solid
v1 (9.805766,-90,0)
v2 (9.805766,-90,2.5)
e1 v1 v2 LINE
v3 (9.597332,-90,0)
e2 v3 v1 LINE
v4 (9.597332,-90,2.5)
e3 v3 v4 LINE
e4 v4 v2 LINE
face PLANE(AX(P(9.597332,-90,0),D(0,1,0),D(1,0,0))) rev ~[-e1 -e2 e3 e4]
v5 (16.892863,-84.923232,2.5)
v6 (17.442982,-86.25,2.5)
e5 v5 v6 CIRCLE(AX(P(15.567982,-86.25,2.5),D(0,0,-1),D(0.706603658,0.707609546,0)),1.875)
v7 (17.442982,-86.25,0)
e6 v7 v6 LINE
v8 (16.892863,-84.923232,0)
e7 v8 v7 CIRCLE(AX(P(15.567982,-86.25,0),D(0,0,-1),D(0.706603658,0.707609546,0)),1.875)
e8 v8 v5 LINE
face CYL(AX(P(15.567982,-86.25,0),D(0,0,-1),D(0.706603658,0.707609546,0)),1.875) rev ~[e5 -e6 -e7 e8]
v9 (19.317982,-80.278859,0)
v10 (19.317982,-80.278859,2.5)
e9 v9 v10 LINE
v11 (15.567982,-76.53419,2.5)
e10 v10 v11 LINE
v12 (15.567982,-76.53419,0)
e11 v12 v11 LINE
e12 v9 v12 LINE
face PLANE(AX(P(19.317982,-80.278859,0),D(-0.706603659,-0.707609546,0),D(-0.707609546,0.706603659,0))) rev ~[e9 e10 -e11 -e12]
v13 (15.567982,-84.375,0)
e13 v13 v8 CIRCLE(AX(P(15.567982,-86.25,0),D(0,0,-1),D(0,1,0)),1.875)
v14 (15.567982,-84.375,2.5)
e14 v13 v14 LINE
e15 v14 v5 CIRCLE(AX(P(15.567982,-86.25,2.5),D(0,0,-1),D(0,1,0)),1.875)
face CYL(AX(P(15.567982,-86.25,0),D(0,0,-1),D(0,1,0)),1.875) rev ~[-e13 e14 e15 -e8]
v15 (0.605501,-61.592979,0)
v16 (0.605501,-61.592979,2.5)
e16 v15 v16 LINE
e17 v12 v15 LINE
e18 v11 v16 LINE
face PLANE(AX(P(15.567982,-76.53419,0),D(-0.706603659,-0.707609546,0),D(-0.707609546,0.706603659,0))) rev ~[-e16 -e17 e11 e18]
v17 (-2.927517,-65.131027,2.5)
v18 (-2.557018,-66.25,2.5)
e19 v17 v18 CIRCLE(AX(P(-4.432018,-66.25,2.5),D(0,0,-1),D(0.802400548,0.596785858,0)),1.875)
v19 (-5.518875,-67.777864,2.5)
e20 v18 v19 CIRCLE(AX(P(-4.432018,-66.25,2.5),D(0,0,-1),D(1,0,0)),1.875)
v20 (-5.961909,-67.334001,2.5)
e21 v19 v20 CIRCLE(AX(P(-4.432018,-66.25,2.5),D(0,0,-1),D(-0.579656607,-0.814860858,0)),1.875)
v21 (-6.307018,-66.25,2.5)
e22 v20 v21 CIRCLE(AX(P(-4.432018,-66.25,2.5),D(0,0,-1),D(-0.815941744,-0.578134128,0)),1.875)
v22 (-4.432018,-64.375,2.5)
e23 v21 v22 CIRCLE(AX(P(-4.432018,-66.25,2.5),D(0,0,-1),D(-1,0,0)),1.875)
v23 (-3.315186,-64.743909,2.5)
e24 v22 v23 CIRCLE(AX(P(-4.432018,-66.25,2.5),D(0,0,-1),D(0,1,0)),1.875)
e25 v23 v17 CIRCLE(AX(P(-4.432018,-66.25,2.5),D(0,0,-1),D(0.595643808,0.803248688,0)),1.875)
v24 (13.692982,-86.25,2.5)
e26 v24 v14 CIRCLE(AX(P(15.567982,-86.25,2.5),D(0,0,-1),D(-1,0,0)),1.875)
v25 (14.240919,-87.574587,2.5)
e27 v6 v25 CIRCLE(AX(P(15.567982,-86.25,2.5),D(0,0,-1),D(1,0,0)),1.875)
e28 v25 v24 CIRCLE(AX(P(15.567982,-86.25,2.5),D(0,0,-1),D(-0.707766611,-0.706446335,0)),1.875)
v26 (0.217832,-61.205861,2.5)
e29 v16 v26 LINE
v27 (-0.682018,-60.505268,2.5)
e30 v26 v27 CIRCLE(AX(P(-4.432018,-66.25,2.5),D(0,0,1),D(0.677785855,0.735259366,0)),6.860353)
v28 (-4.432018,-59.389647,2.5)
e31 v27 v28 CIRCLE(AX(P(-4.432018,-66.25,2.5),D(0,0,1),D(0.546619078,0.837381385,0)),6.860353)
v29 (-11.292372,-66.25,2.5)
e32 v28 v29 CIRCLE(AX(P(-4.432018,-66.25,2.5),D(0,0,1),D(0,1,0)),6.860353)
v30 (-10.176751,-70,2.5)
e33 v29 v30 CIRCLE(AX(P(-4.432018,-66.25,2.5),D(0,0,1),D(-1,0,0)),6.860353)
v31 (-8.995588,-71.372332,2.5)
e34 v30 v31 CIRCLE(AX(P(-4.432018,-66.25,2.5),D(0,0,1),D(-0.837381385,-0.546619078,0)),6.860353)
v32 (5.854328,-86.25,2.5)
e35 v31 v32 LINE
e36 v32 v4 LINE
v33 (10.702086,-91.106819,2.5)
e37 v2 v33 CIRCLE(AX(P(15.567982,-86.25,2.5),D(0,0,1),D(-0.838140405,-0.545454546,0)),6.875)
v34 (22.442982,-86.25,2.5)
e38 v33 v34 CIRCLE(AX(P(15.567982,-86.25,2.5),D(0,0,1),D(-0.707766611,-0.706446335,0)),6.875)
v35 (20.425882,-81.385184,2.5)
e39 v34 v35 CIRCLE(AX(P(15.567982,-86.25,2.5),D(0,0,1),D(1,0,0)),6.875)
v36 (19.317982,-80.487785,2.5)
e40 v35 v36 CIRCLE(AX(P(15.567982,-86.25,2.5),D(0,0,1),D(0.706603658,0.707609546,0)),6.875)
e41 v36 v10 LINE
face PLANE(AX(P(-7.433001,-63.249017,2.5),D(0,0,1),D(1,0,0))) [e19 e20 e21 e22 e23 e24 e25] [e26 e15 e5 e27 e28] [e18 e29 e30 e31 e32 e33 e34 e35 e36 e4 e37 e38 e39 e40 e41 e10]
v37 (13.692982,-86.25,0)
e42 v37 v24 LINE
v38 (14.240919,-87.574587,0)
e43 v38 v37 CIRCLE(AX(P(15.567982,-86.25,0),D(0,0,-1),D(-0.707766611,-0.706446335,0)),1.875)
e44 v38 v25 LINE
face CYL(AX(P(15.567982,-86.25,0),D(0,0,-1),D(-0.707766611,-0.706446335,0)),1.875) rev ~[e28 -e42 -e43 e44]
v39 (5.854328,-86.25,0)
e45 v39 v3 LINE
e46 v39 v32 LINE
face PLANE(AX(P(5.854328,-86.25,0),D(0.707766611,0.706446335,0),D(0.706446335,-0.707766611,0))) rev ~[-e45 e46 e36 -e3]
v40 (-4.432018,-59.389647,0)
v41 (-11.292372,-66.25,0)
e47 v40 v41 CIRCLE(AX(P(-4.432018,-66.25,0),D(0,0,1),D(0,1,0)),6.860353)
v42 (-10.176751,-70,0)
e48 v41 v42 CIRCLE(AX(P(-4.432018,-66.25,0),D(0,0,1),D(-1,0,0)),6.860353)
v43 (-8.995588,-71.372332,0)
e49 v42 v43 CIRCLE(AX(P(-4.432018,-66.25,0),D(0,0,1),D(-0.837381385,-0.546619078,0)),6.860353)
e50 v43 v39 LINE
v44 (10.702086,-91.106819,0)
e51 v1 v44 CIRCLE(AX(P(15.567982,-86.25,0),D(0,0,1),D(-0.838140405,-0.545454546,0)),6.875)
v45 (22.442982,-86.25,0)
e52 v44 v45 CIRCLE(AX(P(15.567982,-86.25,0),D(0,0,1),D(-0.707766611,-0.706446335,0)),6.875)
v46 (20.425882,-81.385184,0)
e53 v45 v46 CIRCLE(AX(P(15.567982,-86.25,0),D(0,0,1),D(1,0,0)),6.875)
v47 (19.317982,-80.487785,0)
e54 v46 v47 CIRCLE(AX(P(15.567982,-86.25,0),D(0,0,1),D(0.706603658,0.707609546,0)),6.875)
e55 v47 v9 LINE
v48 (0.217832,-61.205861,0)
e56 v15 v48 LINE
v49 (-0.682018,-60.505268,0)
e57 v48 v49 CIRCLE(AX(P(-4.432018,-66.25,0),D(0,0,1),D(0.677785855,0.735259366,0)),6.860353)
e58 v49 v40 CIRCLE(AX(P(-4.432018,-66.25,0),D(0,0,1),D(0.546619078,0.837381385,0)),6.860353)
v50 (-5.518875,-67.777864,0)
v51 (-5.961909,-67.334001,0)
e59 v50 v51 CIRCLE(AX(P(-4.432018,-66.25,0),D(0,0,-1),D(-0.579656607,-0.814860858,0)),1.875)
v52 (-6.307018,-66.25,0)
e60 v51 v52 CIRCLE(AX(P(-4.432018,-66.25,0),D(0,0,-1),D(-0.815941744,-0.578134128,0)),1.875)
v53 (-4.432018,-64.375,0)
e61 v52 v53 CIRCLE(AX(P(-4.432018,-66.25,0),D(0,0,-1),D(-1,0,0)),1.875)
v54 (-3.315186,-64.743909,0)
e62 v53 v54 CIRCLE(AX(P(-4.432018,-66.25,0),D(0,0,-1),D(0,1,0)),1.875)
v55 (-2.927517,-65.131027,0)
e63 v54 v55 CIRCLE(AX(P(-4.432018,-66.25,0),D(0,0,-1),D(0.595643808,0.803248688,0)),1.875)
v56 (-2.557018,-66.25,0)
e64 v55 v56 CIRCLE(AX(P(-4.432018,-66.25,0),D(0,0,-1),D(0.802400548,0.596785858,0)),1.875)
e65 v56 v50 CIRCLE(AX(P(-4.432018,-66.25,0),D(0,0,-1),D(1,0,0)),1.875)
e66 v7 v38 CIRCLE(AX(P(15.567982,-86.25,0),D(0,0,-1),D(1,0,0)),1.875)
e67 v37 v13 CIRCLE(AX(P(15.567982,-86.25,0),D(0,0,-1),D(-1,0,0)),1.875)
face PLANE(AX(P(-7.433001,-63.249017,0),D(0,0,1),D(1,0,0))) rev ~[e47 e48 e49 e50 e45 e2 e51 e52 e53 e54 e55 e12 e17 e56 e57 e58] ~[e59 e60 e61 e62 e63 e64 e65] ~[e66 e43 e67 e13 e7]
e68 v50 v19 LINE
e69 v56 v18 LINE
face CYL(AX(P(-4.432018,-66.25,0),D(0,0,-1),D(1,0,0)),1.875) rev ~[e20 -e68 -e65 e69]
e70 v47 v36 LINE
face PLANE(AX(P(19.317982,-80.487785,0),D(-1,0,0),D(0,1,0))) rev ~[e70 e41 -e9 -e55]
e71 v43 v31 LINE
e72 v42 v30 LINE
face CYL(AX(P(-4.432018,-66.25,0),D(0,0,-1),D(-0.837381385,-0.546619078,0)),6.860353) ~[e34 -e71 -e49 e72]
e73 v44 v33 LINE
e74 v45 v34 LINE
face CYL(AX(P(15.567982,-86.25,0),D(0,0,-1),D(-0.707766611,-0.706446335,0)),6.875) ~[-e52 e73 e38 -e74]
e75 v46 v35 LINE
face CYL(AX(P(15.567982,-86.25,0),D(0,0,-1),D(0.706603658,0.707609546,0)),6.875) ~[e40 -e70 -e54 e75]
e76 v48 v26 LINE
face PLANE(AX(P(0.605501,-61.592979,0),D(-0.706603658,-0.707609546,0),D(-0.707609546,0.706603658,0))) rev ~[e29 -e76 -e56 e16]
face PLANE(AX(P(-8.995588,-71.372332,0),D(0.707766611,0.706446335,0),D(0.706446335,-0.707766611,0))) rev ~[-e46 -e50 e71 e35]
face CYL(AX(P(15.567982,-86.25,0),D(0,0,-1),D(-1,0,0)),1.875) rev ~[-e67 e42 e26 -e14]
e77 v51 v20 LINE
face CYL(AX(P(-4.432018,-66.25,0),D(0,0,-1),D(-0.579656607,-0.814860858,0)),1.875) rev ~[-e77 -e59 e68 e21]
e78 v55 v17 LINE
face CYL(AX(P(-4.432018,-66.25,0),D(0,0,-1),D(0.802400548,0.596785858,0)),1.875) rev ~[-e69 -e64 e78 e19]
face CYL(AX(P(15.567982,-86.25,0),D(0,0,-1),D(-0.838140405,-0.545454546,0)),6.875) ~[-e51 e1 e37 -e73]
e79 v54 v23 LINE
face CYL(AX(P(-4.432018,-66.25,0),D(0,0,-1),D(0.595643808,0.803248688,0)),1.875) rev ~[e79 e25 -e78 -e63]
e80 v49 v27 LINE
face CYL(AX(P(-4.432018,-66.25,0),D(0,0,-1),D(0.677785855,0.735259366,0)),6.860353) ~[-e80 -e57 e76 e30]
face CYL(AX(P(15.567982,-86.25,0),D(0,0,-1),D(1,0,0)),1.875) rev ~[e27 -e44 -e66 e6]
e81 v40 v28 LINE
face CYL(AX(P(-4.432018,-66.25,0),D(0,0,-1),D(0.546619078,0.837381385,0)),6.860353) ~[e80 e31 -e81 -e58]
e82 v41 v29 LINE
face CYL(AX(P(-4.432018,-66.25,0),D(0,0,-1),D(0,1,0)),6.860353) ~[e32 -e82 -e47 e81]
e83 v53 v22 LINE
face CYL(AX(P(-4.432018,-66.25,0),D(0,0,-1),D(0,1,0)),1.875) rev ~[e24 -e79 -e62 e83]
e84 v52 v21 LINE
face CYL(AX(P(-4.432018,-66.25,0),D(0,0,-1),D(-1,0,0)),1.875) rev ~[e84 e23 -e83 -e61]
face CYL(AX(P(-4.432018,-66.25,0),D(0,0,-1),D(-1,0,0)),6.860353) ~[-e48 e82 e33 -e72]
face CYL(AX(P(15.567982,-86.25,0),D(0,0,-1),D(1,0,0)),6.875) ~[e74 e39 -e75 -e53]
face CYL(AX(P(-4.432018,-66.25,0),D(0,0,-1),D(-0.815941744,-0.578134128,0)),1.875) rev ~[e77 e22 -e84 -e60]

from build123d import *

# Parameters (mm, degrees)
F1_DEPTH = 2.5


with BuildPart() as f1:
    # F0 (on Top) → F1 (new body)
    with BuildSketch(Plane.XY):
        with BuildLine():
            ThreePointArc((-4.432018362, -59.389646693), (-9.2830207067, -61.3989976553), (-11.2923716689, -66.25))
            Line((-11.2923716689, -66.25), (-6.307018362, -66.25))
            ThreePointArc((-6.307018362, -66.25), (-5.7578435767, -64.9241747853), (-4.432018362, -64.375))
            Line((-4.432018362, -64.375), (-4.432018362, -59.389646693))
        make_face()
        with BuildLine():
            ThreePointArc((-11.2923716689, -66.25), (-11.0075540706, -68.2062151314), (-10.1767505138, -70))
            Line((-10.1767505138, -70), (-3.300883806, -70))
            Line((-3.300883806, -70), (-5.5188745002, -67.7778641088))
            ThreePointArc((-5.5188745002, -67.7778641088), (-5.7590807574, -67.5745868785), (-5.961909132, -67.3340014907))
            ThreePointArc((-5.961909132, -67.3340014907), (-6.2186590917, -66.8188056813), (-6.307018362, -66.25))
            Line((-6.307018362, -66.25), (-11.2923716689, -66.25))
        make_face()
        with BuildLine():
            Line((-3.300883806, -70), (-10.1767505138, -70))
            ThreePointArc((-10.1767505138, -70), (-9.6316427271, -70.7253049011), (-8.9955877088, -71.3723317262))
            ThreePointArc((-8.9955877088, -71.3723317262), (-5.1719813551, -73.0703300701), (-1.073184401, -72.2318627466))
            Line((-1.073184401, -72.2318627466), (-3.300883806, -70))
        make_face()
        with BuildLine():
            Line((-5.5188745002, -67.7778641088), (-3.300883806, -70))
            Line((-3.300883806, -70), (-0.682018362, -70))
            Line((-0.682018362, -70), (-0.682018362, -67.3733334464))
            Line((-0.682018362, -67.3733334464), (-2.9275173343, -65.1310265161))
            ThreePointArc((-2.9275173343, -65.1310265161), (-2.6520514484, -65.6606420557), (-2.557018362, -66.25))
            ThreePointArc((-2.557018362, -66.25), (-3.5724342355, -67.9163553431), (-5.5188745002, -67.7778641088))
        make_face()
        with BuildLine():
            ThreePointArc((-0.682018362, -60.5052678482), (-2.4758032306, -59.6744642913), (-4.432018362, -59.389646693))
            Line((-4.432018362, -59.389646693), (-4.432018362, -64.375))
            ThreePointArc((-4.432018362, -64.375), (-3.8439266036, -64.4696143441), (-3.3151862223, -64.7439087107))
            ThreePointArc((-3.3151862223, -64.7439087107), (-3.1071365022, -64.9232321011), (-2.9275173343, -65.1310265161))
            Line((-2.9275173343, -65.1310265161), (-0.682018362, -67.3733334464))
            Line((-0.682018362, -67.3733334464), (-0.682018362, -60.5052678482))
        make_face()
        with BuildLine():
            Line((-0.682018362, -60.5052678482), (-0.682018362, -67.3733334464))
            Line((-0.682018362, -67.3733334464), (1.5522932658, -69.6044689353))
            ThreePointArc((1.5522932658, -69.6044689353), (2.2057124085, -67.9834871547), (2.428334945, -66.25))
            ThreePointArc((2.428334945, -66.25), (1.9563934061, -63.7494715403), (0.6055009602, -61.5929787873))
            Line((0.6055009602, -61.5929787873), (0.2178320688, -61.2058609786))
            ThreePointArc((0.2178320688, -61.2058609786), (-0.2175101465, -60.8368338287), (-0.682018362, -60.5052678482))
        make_face()
        with BuildLine():
            Line((-0.682018362, -70), (-3.300883806, -70))
            Line((-3.300883806, -70), (-1.073184401, -72.2318627466))
            ThreePointArc((-1.073184401, -72.2318627466), (0.4207532103, -71.0992324716), (1.5522932658, -69.6044689353))
            Line((1.5522932658, -69.6044689353), (-0.682018362, -67.3733334464))
            Line((-0.682018362, -67.3733334464), (-0.682018362, -70))
        make_face()
        with BuildLine():
            ThreePointArc((-1.073184401, -72.2318627466), (-5.1719813551, -73.0703300701), (-8.9955877088, -71.3723317262))
            Line((-8.9955877088, -71.3723317262), (5.8543275971, -86.25))
            Line((5.8543275971, -86.25), (8.692981638, -86.25))
            ThreePointArc((8.692981638, -86.25), (8.9153876284, -84.5154631906), (9.5682159488, -82.8931507817))
            Line((9.5682159488, -82.8931507817), (-1.073184401, -72.2318627466))
        make_face()
        with BuildLine():
            ThreePointArc((1.5522932658, -69.6044689353), (0.4207532103, -71.0992324716), (-1.073184401, -72.2318627466))
            Line((-1.073184401, -72.2318627466), (9.5682159488, -82.8931507817))
            ThreePointArc((9.5682159488, -82.8931507817), (10.7071629023, -81.3881005545), (12.2124662871, -80.249488211))
            Line((12.2124662871, -80.249488211), (1.5522932658, -69.6044689353))
        make_face()
        with BuildLine():
            ThreePointArc((2.428334945, -66.25), (2.2057124085, -67.9834871547), (1.5522932658, -69.6044689353))
            Line((1.5522932658, -69.6044689353), (12.2124662871, -80.249488211))
            ThreePointArc((12.2124662871, -80.249488211), (13.8341842954, -79.5972132324), (15.567981638, -79.375))
            Line((15.567981638, -79.375), (15.567981638, -76.5341898643))
            Line((15.567981638, -76.5341898643), (0.6055009602, -61.5929787873))
            ThreePointArc((0.6055009602, -61.5929787873), (1.9563934061, -63.7494715403), (2.428334945, -66.25))
        make_face()
        with BuildLine():
            ThreePointArc((15.567981638, -79.375), (13.8341842954, -79.5972132324), (12.2124662871, -80.249488211))
            Line((12.2124662871, -80.249488211), (15.567981638, -83.6002335993))
            Line((15.567981638, -83.6002335993), (15.567981638, -79.375))
        make_face()
        with BuildLine():
            ThreePointArc((12.2124662871, -80.249488211), (10.7071629023, -81.3881005545), (9.5682159488, -82.8931507817))
            Line((9.5682159488, -82.8931507817), (12.9188032632, -86.25))
            Line((12.9188032632, -86.25), (13.692981638, -86.25))
            ThreePointArc((13.692981638, -86.25), (14.2421564233, -84.9241747853), (15.567981638, -84.375))
            Line((15.567981638, -84.375), (15.567981638, -83.6002335993))
            Line((15.567981638, -83.6002335993), (12.2124662871, -80.249488211))
        make_face()
        with BuildLine():
            Line((12.9188032632, -86.25), (9.5682159488, -82.8931507817))
            ThreePointArc((9.5682159488, -82.8931507817), (8.9153876284, -84.5154631906), (8.692981638, -86.25))
            Line((8.692981638, -86.25), (12.9188032632, -86.25))
        make_face()
        with BuildLine():
            Line((8.692981638, -86.25), (5.8543275971, -86.25))
            Line((5.8543275971, -86.25), (9.5973323053, -90))
            Line((9.5973323053, -90), (9.8057663522, -90))
            ThreePointArc((9.8057663522, -90), (8.9770463823, -88.2058112013), (8.692981638, -86.25))
        make_face()
        with BuildLine():
            Line((15.567981638, -76.5341898643), (15.567981638, -79.375))
            ThreePointArc((15.567981638, -79.375), (17.5237928393, -79.6590647443), (19.317981638, -80.4877847142))
            Line((19.317981638, -80.4877847142), (19.317981638, -80.2788591303))
            Line((19.317981638, -80.2788591303), (15.567981638, -76.5341898643))
        make_face()
        with BuildLine():
            Line((13.692981638, -86.25), (12.9188032632, -86.25))
            Line((12.9188032632, -86.25), (14.2409192426, -87.5745868785))
            ThreePointArc((14.2409192426, -87.5745868785), (13.8353727682, -86.9667227527), (13.692981638, -86.25))
        make_face()
        with BuildLine():
            Line((16.8928634978, -84.9232321011), (15.567981638, -83.6002335993))
            Line((15.567981638, -83.6002335993), (15.567981638, -84.375))
            ThreePointArc((15.567981638, -84.375), (16.2848969711, -84.5174708068), (16.8928634978, -84.9232321011))
        make_face()
        with BuildLine():
            Line((12.9188032632, -86.25), (8.692981638, -86.25))
            ThreePointArc((8.692981638, -86.25), (8.9770463823, -88.2058112013), (9.8057663522, -90))
            Line((9.8057663522, -90), (19.317981638, -90))
            Line((19.317981638, -90), (19.317981638, -80.4877847142))
            ThreePointArc((19.317981638, -80.4877847142), (17.5237928393, -79.6590647443), (15.567981638, -79.375))
            Line((15.567981638, -79.375), (15.567981638, -83.6002335993))
            Line((15.567981638, -83.6002335993), (16.8928634978, -84.9232321011))
            ThreePointArc((16.8928634978, -84.9232321011), (17.3000004727, -85.5318525524), (17.442981638, -86.25))
            ThreePointArc((17.442981638, -86.25), (16.2847043907, -87.9826088698), (14.2409192426, -87.5745868785))
            Line((14.2409192426, -87.5745868785), (12.9188032632, -86.25))
        make_face()
        with BuildLine():
            Line((19.317981638, -90), (9.8057663522, -90))
            ThreePointArc((9.8057663522, -90), (10.2251877733, -90.5766821837), (10.7020861881, -91.1068185544))
            ThreePointArc((10.7020861881, -91.1068185544), (18.1959650647, -92.6028991893), (22.442981638, -86.25))
            ThreePointArc((22.442981638, -86.25), (21.9187173646, -83.6167926912), (20.4258817889, -81.385184369))
            ThreePointArc((20.4258817889, -81.385184369), (19.8952576619, -80.9076870915), (19.317981638, -80.4877847142))
            Line((19.317981638, -80.4877847142), (19.317981638, -90))
        make_face()
    extrude(amount=F1_DEPTH)


solid = f1.part
